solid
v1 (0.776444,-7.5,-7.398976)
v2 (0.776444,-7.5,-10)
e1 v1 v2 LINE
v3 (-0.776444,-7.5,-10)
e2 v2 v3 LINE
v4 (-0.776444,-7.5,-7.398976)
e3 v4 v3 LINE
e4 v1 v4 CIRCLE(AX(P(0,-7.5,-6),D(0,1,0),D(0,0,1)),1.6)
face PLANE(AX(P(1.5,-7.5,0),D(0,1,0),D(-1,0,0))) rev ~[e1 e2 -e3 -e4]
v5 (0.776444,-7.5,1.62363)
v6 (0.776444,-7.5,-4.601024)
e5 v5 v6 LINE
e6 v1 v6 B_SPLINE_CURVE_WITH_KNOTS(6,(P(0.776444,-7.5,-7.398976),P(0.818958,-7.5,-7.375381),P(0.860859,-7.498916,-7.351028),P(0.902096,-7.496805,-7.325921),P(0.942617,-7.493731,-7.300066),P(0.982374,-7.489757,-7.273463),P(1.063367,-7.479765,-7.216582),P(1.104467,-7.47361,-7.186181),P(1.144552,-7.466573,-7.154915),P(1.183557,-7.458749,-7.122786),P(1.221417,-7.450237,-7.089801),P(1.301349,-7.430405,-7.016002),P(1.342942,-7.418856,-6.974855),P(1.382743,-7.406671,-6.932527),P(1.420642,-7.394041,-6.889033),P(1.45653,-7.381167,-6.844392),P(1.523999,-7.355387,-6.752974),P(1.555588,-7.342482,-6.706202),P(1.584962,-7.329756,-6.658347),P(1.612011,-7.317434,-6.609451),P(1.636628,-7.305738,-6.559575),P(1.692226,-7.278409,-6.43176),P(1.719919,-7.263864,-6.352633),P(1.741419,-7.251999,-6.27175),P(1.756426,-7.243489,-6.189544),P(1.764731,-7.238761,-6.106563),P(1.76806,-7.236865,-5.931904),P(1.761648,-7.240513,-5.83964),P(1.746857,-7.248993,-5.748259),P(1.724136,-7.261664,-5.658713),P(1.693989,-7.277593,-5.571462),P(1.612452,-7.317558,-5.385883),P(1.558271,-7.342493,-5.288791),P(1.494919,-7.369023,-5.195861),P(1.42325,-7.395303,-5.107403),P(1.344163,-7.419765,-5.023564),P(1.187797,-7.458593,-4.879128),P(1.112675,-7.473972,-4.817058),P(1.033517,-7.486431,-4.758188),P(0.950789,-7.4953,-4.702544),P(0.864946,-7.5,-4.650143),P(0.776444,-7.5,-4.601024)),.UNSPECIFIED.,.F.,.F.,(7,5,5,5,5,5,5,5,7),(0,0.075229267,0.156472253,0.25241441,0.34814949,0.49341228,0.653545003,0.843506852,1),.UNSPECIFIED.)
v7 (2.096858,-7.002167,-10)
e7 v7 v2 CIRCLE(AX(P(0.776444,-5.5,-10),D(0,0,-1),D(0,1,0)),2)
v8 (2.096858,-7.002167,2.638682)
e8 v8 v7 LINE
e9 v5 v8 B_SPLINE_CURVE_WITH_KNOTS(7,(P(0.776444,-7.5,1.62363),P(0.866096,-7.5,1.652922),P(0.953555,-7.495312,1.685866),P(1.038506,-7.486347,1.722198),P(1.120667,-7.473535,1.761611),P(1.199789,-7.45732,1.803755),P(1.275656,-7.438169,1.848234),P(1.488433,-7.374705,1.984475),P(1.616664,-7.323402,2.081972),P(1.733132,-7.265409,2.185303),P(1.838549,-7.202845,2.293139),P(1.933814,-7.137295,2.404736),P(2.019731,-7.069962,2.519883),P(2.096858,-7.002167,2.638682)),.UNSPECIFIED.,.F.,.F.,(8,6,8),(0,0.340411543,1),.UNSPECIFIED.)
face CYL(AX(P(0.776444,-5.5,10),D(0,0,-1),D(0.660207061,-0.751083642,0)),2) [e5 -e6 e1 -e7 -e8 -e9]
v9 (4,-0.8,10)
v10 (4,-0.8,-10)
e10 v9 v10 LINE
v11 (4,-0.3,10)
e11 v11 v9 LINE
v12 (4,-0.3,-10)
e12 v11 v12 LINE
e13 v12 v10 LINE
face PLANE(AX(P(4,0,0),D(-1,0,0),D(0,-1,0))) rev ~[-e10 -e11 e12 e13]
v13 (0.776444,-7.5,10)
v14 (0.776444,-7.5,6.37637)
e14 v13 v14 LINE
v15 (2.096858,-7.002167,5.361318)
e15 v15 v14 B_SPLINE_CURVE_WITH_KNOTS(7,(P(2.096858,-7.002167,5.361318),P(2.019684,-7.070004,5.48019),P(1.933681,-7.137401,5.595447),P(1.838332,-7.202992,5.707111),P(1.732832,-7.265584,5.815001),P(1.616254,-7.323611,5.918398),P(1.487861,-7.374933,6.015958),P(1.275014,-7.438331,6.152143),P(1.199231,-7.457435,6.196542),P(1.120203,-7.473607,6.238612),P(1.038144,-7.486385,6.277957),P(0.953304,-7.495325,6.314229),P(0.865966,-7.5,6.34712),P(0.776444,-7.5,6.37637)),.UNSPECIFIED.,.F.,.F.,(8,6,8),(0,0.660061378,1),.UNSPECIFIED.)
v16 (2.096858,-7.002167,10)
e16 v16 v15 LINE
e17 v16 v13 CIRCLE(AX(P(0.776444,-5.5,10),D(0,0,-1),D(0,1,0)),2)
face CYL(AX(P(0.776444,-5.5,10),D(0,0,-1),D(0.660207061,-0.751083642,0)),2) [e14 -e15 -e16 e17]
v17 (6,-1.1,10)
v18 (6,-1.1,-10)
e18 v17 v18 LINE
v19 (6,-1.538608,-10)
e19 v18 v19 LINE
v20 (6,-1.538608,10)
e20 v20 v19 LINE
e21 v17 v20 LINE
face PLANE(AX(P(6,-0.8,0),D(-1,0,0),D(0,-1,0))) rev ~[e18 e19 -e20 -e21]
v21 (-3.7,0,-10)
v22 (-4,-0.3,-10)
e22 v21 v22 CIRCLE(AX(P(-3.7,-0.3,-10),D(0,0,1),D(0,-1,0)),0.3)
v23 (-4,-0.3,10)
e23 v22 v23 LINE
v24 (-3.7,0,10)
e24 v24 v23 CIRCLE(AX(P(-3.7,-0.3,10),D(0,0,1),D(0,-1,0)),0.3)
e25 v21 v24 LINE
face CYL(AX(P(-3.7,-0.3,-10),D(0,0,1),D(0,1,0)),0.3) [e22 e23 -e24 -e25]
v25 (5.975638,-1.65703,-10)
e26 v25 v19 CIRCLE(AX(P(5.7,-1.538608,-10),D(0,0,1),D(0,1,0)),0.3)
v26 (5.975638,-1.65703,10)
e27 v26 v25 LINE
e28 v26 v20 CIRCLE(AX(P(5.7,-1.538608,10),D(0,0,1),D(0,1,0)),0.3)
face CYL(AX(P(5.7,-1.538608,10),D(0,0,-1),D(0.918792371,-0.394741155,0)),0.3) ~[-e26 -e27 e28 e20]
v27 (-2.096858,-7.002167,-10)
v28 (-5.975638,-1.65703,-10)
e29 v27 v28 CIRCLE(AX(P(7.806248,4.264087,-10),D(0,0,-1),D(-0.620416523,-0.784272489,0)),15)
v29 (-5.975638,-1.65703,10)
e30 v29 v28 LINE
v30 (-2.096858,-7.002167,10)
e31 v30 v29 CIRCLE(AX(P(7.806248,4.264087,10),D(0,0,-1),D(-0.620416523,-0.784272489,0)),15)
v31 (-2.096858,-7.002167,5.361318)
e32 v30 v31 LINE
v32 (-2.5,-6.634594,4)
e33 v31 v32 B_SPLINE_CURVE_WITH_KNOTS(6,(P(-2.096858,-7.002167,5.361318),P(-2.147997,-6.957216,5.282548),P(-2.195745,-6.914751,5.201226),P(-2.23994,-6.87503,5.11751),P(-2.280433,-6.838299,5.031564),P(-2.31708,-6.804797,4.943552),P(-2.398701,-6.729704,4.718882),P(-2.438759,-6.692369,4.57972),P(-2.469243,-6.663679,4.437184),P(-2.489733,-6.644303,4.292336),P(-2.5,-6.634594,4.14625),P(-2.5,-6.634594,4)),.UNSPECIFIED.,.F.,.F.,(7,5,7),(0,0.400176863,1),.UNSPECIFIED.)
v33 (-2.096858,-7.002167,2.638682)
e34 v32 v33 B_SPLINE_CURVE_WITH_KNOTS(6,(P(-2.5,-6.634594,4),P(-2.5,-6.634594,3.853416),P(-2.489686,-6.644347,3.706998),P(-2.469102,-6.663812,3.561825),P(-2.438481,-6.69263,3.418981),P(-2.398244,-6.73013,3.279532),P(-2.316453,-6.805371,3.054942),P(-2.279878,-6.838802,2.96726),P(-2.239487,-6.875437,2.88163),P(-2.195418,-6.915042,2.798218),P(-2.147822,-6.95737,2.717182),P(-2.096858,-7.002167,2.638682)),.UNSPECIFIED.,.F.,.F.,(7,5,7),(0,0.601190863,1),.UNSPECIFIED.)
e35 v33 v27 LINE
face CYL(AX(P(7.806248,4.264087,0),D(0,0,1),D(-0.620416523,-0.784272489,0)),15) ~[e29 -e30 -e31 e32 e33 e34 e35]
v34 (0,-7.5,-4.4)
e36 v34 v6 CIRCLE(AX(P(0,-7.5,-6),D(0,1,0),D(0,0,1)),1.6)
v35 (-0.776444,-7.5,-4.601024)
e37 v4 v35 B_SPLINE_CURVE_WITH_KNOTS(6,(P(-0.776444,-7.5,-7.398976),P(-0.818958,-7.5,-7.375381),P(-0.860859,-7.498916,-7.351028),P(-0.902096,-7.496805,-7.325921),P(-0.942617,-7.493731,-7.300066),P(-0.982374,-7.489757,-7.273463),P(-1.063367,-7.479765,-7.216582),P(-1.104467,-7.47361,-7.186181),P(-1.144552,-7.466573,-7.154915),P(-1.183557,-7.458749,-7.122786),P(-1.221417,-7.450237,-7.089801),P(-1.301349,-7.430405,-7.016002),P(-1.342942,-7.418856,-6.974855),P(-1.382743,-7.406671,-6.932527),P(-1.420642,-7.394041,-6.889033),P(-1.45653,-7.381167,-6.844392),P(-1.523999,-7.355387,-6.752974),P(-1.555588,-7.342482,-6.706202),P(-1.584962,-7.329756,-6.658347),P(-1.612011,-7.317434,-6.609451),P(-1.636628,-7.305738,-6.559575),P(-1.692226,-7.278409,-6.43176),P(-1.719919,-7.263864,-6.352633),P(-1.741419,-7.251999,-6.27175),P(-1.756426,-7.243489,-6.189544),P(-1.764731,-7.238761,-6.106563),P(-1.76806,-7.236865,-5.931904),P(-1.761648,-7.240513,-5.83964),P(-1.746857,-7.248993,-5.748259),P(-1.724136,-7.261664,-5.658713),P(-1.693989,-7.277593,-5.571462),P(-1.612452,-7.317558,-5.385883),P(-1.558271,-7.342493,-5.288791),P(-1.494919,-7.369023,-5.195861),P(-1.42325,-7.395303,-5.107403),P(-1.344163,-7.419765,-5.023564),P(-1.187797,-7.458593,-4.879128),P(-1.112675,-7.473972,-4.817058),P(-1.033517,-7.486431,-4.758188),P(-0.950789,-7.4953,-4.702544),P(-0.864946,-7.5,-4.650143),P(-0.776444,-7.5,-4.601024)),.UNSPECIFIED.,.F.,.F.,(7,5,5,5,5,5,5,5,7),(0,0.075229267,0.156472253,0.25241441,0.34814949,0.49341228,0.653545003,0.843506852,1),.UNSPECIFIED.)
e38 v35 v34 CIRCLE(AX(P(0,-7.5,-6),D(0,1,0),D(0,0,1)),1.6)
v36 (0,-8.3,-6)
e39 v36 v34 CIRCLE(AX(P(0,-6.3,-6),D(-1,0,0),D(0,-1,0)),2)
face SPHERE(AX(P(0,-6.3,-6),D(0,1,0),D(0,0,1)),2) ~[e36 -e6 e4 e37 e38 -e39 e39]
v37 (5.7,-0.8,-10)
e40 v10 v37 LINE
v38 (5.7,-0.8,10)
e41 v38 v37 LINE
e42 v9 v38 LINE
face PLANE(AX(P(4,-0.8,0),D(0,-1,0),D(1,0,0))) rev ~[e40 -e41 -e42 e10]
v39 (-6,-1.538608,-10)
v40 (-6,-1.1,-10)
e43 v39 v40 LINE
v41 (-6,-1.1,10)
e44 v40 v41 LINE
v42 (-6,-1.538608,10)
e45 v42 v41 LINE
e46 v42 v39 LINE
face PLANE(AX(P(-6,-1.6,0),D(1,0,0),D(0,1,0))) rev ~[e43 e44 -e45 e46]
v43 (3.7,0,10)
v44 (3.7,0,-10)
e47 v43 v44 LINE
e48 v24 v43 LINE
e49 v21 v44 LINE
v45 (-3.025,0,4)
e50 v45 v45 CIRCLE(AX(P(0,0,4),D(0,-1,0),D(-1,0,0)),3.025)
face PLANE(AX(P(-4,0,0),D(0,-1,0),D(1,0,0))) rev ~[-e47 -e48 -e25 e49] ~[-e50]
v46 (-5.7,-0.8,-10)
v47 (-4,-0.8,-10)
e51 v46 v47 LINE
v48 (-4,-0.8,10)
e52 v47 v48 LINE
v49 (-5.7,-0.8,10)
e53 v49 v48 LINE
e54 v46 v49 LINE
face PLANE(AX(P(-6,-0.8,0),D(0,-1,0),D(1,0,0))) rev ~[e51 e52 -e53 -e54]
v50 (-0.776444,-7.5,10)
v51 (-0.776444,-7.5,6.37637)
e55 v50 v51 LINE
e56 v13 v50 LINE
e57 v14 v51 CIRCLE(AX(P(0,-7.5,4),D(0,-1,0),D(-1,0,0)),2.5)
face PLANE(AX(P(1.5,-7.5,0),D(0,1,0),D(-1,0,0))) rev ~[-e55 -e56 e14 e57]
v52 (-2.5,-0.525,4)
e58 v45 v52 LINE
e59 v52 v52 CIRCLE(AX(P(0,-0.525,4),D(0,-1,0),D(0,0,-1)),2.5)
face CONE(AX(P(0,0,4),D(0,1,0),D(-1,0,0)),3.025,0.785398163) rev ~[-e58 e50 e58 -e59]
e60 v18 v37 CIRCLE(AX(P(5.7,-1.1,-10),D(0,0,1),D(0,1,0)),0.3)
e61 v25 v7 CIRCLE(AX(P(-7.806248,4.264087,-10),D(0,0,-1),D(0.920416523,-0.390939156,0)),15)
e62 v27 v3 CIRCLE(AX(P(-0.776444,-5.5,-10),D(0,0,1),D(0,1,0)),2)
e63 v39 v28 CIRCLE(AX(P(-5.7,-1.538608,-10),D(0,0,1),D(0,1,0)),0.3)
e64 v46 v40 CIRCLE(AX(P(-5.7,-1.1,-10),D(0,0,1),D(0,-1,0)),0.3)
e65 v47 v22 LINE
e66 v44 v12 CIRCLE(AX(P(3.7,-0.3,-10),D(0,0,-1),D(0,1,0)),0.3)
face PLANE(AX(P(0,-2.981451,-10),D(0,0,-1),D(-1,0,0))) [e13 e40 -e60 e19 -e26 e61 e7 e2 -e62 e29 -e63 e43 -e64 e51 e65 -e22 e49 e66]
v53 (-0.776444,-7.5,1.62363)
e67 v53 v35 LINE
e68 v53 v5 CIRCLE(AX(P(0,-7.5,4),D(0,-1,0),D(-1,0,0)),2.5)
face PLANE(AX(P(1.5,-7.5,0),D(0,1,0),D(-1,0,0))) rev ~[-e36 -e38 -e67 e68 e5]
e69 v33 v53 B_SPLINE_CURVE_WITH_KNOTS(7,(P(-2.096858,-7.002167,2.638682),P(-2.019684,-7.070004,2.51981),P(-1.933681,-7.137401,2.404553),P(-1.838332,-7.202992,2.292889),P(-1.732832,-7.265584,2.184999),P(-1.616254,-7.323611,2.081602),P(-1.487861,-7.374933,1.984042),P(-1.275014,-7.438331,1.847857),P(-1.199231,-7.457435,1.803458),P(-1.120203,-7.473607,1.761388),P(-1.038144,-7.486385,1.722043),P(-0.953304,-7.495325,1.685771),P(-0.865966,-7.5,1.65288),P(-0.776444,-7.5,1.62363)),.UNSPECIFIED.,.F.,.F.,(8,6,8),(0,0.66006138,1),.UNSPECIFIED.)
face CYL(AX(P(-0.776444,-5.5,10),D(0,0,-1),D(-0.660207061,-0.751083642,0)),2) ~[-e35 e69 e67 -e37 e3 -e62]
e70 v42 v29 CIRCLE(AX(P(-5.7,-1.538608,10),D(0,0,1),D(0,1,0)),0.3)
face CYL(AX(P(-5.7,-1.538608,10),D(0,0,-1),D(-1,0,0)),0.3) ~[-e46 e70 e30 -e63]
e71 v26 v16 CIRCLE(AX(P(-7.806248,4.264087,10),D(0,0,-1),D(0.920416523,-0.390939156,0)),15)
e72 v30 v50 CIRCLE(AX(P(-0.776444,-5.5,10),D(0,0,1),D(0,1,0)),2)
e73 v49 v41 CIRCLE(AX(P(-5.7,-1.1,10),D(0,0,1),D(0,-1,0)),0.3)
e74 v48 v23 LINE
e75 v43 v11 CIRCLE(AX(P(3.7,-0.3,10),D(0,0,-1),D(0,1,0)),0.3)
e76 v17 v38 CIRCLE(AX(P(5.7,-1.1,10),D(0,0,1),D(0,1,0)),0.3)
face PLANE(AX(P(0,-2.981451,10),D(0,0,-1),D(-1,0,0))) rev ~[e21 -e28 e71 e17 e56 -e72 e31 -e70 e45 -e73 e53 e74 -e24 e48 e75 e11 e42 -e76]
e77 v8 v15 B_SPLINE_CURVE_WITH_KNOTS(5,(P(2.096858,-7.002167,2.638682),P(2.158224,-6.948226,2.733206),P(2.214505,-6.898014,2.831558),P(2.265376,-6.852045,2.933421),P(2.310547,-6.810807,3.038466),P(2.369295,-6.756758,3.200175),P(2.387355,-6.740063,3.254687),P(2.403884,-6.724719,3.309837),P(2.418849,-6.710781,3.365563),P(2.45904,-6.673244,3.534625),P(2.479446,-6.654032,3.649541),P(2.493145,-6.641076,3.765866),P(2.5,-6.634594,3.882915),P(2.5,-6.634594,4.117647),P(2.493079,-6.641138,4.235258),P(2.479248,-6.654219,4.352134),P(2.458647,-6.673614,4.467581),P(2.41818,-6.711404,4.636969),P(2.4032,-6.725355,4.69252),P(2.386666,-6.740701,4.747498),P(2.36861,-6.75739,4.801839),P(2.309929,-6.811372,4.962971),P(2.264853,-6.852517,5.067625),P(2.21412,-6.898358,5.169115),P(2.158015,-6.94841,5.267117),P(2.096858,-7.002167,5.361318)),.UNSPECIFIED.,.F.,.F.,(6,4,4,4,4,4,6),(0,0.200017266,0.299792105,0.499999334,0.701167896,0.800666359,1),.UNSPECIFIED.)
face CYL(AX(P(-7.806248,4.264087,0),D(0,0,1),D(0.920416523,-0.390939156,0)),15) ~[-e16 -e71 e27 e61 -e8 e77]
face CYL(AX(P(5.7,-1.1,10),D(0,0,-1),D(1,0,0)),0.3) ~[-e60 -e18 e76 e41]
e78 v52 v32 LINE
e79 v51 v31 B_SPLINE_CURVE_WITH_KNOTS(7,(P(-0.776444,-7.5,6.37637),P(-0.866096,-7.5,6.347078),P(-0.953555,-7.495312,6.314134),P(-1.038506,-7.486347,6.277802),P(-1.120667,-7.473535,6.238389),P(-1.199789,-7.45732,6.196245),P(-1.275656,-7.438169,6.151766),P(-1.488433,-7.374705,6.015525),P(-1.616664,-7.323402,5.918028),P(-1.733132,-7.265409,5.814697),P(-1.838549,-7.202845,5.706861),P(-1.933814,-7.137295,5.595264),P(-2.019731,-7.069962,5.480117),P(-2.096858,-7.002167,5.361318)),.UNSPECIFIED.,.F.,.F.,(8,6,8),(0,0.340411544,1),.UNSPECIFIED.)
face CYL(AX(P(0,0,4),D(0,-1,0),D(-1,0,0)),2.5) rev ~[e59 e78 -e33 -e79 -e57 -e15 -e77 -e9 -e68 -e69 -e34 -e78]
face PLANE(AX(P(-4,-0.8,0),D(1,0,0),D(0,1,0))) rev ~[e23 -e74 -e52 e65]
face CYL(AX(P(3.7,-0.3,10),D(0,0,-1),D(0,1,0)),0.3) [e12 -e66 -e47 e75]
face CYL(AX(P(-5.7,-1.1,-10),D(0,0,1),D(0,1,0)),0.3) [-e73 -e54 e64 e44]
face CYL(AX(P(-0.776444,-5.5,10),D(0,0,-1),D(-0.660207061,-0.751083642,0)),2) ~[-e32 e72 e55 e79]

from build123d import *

# Parameters (mm, degrees)
EXTRUDE_1_DEPTH             = 10
FILLET_1_R                  = 0.3
FILLET_2_R                  = 2
HOLE_WIZARD_M61_D           = 5
HOLE_WIZARD_M61_CSINK_D     = 6.05
HOLE_WIZARD_M61_CSINK_ANGLE = 90


with BuildPart() as part:
    # Эскиз1 → Бобышка-Вытянуть1 (new body, symmetric)
    with BuildSketch(Plane.XY):
        with BuildLine():
            Line((-4, 0), (4, 0))
            Line((4, 0), (4, -0.8))
            Line((4, -0.8), (6, -0.8))
            Line((6, -0.8), (6, -1.6))
            ThreePointArc((6, -1.6), (4.120585945, -4.832650297), (1.5, -7.5))
            Line((1.5, -7.5), (-1.5, -7.5))
            ThreePointArc((-1.5, -7.5), (-4.120585945, -4.832650297), (-6, -1.6))
            Line((-6, -1.6), (-6, -0.8))
            Line((-6, -0.8), (-4, -0.8))
            Line((-4, -0.8), (-4, 0))
        make_face()
    extrude(amount=EXTRUDE_1_DEPTH, both=True)

    # Скругление1
    fillet_1_edges = [part.edges().sort_by_distance(p)[0] for p in [
        (6, -0.8, 0),
        (6, -1.6, 0),
        (-6, -1.6, 0),
        (-6, -0.8, 0),
        (-4, 0, 0),
        (4, 0, 0),
    ]]
    fillet(fillet_1_edges, radius=FILLET_1_R)

    # Скругление2
    fillet_2_edges = [part.edges().sort_by_distance(p)[0] for p in [
        (1.5, -7.5, 0),
        (-1.5, -7.5, 0),
    ]]
    fillet(fillet_2_edges, radius=FILLET_2_R)

    # Отверстие обработанное метчиком M61 (through all)
    with Locations(Plane(origin=(0, 0, 0), x_dir=(1, 0, 0), z_dir=(0, 1, 0))):
        with Locations((0, -4)):
            CounterSinkHole(HOLE_WIZARD_M61_D / 2, HOLE_WIZARD_M61_CSINK_D / 2, counter_sink_angle=HOLE_WIZARD_M61_CSINK_ANGLE)

    # Эскиз5 → Повернуть1 (revolve)
    with BuildSketch(Plane(origin=(0, 0, 0), x_dir=(0, 0, -1), z_dir=(1, 0, 0))):
        with BuildLine():
            Line((6, -4.3), (6, -8.3))
            ThreePointArc((6, -8.3), (4, -6.3), (6, -4.3))
        make_face()
    revolve(axis=Axis((0, -4.3, -6), (0, -1, 0)))


solid = part.part
